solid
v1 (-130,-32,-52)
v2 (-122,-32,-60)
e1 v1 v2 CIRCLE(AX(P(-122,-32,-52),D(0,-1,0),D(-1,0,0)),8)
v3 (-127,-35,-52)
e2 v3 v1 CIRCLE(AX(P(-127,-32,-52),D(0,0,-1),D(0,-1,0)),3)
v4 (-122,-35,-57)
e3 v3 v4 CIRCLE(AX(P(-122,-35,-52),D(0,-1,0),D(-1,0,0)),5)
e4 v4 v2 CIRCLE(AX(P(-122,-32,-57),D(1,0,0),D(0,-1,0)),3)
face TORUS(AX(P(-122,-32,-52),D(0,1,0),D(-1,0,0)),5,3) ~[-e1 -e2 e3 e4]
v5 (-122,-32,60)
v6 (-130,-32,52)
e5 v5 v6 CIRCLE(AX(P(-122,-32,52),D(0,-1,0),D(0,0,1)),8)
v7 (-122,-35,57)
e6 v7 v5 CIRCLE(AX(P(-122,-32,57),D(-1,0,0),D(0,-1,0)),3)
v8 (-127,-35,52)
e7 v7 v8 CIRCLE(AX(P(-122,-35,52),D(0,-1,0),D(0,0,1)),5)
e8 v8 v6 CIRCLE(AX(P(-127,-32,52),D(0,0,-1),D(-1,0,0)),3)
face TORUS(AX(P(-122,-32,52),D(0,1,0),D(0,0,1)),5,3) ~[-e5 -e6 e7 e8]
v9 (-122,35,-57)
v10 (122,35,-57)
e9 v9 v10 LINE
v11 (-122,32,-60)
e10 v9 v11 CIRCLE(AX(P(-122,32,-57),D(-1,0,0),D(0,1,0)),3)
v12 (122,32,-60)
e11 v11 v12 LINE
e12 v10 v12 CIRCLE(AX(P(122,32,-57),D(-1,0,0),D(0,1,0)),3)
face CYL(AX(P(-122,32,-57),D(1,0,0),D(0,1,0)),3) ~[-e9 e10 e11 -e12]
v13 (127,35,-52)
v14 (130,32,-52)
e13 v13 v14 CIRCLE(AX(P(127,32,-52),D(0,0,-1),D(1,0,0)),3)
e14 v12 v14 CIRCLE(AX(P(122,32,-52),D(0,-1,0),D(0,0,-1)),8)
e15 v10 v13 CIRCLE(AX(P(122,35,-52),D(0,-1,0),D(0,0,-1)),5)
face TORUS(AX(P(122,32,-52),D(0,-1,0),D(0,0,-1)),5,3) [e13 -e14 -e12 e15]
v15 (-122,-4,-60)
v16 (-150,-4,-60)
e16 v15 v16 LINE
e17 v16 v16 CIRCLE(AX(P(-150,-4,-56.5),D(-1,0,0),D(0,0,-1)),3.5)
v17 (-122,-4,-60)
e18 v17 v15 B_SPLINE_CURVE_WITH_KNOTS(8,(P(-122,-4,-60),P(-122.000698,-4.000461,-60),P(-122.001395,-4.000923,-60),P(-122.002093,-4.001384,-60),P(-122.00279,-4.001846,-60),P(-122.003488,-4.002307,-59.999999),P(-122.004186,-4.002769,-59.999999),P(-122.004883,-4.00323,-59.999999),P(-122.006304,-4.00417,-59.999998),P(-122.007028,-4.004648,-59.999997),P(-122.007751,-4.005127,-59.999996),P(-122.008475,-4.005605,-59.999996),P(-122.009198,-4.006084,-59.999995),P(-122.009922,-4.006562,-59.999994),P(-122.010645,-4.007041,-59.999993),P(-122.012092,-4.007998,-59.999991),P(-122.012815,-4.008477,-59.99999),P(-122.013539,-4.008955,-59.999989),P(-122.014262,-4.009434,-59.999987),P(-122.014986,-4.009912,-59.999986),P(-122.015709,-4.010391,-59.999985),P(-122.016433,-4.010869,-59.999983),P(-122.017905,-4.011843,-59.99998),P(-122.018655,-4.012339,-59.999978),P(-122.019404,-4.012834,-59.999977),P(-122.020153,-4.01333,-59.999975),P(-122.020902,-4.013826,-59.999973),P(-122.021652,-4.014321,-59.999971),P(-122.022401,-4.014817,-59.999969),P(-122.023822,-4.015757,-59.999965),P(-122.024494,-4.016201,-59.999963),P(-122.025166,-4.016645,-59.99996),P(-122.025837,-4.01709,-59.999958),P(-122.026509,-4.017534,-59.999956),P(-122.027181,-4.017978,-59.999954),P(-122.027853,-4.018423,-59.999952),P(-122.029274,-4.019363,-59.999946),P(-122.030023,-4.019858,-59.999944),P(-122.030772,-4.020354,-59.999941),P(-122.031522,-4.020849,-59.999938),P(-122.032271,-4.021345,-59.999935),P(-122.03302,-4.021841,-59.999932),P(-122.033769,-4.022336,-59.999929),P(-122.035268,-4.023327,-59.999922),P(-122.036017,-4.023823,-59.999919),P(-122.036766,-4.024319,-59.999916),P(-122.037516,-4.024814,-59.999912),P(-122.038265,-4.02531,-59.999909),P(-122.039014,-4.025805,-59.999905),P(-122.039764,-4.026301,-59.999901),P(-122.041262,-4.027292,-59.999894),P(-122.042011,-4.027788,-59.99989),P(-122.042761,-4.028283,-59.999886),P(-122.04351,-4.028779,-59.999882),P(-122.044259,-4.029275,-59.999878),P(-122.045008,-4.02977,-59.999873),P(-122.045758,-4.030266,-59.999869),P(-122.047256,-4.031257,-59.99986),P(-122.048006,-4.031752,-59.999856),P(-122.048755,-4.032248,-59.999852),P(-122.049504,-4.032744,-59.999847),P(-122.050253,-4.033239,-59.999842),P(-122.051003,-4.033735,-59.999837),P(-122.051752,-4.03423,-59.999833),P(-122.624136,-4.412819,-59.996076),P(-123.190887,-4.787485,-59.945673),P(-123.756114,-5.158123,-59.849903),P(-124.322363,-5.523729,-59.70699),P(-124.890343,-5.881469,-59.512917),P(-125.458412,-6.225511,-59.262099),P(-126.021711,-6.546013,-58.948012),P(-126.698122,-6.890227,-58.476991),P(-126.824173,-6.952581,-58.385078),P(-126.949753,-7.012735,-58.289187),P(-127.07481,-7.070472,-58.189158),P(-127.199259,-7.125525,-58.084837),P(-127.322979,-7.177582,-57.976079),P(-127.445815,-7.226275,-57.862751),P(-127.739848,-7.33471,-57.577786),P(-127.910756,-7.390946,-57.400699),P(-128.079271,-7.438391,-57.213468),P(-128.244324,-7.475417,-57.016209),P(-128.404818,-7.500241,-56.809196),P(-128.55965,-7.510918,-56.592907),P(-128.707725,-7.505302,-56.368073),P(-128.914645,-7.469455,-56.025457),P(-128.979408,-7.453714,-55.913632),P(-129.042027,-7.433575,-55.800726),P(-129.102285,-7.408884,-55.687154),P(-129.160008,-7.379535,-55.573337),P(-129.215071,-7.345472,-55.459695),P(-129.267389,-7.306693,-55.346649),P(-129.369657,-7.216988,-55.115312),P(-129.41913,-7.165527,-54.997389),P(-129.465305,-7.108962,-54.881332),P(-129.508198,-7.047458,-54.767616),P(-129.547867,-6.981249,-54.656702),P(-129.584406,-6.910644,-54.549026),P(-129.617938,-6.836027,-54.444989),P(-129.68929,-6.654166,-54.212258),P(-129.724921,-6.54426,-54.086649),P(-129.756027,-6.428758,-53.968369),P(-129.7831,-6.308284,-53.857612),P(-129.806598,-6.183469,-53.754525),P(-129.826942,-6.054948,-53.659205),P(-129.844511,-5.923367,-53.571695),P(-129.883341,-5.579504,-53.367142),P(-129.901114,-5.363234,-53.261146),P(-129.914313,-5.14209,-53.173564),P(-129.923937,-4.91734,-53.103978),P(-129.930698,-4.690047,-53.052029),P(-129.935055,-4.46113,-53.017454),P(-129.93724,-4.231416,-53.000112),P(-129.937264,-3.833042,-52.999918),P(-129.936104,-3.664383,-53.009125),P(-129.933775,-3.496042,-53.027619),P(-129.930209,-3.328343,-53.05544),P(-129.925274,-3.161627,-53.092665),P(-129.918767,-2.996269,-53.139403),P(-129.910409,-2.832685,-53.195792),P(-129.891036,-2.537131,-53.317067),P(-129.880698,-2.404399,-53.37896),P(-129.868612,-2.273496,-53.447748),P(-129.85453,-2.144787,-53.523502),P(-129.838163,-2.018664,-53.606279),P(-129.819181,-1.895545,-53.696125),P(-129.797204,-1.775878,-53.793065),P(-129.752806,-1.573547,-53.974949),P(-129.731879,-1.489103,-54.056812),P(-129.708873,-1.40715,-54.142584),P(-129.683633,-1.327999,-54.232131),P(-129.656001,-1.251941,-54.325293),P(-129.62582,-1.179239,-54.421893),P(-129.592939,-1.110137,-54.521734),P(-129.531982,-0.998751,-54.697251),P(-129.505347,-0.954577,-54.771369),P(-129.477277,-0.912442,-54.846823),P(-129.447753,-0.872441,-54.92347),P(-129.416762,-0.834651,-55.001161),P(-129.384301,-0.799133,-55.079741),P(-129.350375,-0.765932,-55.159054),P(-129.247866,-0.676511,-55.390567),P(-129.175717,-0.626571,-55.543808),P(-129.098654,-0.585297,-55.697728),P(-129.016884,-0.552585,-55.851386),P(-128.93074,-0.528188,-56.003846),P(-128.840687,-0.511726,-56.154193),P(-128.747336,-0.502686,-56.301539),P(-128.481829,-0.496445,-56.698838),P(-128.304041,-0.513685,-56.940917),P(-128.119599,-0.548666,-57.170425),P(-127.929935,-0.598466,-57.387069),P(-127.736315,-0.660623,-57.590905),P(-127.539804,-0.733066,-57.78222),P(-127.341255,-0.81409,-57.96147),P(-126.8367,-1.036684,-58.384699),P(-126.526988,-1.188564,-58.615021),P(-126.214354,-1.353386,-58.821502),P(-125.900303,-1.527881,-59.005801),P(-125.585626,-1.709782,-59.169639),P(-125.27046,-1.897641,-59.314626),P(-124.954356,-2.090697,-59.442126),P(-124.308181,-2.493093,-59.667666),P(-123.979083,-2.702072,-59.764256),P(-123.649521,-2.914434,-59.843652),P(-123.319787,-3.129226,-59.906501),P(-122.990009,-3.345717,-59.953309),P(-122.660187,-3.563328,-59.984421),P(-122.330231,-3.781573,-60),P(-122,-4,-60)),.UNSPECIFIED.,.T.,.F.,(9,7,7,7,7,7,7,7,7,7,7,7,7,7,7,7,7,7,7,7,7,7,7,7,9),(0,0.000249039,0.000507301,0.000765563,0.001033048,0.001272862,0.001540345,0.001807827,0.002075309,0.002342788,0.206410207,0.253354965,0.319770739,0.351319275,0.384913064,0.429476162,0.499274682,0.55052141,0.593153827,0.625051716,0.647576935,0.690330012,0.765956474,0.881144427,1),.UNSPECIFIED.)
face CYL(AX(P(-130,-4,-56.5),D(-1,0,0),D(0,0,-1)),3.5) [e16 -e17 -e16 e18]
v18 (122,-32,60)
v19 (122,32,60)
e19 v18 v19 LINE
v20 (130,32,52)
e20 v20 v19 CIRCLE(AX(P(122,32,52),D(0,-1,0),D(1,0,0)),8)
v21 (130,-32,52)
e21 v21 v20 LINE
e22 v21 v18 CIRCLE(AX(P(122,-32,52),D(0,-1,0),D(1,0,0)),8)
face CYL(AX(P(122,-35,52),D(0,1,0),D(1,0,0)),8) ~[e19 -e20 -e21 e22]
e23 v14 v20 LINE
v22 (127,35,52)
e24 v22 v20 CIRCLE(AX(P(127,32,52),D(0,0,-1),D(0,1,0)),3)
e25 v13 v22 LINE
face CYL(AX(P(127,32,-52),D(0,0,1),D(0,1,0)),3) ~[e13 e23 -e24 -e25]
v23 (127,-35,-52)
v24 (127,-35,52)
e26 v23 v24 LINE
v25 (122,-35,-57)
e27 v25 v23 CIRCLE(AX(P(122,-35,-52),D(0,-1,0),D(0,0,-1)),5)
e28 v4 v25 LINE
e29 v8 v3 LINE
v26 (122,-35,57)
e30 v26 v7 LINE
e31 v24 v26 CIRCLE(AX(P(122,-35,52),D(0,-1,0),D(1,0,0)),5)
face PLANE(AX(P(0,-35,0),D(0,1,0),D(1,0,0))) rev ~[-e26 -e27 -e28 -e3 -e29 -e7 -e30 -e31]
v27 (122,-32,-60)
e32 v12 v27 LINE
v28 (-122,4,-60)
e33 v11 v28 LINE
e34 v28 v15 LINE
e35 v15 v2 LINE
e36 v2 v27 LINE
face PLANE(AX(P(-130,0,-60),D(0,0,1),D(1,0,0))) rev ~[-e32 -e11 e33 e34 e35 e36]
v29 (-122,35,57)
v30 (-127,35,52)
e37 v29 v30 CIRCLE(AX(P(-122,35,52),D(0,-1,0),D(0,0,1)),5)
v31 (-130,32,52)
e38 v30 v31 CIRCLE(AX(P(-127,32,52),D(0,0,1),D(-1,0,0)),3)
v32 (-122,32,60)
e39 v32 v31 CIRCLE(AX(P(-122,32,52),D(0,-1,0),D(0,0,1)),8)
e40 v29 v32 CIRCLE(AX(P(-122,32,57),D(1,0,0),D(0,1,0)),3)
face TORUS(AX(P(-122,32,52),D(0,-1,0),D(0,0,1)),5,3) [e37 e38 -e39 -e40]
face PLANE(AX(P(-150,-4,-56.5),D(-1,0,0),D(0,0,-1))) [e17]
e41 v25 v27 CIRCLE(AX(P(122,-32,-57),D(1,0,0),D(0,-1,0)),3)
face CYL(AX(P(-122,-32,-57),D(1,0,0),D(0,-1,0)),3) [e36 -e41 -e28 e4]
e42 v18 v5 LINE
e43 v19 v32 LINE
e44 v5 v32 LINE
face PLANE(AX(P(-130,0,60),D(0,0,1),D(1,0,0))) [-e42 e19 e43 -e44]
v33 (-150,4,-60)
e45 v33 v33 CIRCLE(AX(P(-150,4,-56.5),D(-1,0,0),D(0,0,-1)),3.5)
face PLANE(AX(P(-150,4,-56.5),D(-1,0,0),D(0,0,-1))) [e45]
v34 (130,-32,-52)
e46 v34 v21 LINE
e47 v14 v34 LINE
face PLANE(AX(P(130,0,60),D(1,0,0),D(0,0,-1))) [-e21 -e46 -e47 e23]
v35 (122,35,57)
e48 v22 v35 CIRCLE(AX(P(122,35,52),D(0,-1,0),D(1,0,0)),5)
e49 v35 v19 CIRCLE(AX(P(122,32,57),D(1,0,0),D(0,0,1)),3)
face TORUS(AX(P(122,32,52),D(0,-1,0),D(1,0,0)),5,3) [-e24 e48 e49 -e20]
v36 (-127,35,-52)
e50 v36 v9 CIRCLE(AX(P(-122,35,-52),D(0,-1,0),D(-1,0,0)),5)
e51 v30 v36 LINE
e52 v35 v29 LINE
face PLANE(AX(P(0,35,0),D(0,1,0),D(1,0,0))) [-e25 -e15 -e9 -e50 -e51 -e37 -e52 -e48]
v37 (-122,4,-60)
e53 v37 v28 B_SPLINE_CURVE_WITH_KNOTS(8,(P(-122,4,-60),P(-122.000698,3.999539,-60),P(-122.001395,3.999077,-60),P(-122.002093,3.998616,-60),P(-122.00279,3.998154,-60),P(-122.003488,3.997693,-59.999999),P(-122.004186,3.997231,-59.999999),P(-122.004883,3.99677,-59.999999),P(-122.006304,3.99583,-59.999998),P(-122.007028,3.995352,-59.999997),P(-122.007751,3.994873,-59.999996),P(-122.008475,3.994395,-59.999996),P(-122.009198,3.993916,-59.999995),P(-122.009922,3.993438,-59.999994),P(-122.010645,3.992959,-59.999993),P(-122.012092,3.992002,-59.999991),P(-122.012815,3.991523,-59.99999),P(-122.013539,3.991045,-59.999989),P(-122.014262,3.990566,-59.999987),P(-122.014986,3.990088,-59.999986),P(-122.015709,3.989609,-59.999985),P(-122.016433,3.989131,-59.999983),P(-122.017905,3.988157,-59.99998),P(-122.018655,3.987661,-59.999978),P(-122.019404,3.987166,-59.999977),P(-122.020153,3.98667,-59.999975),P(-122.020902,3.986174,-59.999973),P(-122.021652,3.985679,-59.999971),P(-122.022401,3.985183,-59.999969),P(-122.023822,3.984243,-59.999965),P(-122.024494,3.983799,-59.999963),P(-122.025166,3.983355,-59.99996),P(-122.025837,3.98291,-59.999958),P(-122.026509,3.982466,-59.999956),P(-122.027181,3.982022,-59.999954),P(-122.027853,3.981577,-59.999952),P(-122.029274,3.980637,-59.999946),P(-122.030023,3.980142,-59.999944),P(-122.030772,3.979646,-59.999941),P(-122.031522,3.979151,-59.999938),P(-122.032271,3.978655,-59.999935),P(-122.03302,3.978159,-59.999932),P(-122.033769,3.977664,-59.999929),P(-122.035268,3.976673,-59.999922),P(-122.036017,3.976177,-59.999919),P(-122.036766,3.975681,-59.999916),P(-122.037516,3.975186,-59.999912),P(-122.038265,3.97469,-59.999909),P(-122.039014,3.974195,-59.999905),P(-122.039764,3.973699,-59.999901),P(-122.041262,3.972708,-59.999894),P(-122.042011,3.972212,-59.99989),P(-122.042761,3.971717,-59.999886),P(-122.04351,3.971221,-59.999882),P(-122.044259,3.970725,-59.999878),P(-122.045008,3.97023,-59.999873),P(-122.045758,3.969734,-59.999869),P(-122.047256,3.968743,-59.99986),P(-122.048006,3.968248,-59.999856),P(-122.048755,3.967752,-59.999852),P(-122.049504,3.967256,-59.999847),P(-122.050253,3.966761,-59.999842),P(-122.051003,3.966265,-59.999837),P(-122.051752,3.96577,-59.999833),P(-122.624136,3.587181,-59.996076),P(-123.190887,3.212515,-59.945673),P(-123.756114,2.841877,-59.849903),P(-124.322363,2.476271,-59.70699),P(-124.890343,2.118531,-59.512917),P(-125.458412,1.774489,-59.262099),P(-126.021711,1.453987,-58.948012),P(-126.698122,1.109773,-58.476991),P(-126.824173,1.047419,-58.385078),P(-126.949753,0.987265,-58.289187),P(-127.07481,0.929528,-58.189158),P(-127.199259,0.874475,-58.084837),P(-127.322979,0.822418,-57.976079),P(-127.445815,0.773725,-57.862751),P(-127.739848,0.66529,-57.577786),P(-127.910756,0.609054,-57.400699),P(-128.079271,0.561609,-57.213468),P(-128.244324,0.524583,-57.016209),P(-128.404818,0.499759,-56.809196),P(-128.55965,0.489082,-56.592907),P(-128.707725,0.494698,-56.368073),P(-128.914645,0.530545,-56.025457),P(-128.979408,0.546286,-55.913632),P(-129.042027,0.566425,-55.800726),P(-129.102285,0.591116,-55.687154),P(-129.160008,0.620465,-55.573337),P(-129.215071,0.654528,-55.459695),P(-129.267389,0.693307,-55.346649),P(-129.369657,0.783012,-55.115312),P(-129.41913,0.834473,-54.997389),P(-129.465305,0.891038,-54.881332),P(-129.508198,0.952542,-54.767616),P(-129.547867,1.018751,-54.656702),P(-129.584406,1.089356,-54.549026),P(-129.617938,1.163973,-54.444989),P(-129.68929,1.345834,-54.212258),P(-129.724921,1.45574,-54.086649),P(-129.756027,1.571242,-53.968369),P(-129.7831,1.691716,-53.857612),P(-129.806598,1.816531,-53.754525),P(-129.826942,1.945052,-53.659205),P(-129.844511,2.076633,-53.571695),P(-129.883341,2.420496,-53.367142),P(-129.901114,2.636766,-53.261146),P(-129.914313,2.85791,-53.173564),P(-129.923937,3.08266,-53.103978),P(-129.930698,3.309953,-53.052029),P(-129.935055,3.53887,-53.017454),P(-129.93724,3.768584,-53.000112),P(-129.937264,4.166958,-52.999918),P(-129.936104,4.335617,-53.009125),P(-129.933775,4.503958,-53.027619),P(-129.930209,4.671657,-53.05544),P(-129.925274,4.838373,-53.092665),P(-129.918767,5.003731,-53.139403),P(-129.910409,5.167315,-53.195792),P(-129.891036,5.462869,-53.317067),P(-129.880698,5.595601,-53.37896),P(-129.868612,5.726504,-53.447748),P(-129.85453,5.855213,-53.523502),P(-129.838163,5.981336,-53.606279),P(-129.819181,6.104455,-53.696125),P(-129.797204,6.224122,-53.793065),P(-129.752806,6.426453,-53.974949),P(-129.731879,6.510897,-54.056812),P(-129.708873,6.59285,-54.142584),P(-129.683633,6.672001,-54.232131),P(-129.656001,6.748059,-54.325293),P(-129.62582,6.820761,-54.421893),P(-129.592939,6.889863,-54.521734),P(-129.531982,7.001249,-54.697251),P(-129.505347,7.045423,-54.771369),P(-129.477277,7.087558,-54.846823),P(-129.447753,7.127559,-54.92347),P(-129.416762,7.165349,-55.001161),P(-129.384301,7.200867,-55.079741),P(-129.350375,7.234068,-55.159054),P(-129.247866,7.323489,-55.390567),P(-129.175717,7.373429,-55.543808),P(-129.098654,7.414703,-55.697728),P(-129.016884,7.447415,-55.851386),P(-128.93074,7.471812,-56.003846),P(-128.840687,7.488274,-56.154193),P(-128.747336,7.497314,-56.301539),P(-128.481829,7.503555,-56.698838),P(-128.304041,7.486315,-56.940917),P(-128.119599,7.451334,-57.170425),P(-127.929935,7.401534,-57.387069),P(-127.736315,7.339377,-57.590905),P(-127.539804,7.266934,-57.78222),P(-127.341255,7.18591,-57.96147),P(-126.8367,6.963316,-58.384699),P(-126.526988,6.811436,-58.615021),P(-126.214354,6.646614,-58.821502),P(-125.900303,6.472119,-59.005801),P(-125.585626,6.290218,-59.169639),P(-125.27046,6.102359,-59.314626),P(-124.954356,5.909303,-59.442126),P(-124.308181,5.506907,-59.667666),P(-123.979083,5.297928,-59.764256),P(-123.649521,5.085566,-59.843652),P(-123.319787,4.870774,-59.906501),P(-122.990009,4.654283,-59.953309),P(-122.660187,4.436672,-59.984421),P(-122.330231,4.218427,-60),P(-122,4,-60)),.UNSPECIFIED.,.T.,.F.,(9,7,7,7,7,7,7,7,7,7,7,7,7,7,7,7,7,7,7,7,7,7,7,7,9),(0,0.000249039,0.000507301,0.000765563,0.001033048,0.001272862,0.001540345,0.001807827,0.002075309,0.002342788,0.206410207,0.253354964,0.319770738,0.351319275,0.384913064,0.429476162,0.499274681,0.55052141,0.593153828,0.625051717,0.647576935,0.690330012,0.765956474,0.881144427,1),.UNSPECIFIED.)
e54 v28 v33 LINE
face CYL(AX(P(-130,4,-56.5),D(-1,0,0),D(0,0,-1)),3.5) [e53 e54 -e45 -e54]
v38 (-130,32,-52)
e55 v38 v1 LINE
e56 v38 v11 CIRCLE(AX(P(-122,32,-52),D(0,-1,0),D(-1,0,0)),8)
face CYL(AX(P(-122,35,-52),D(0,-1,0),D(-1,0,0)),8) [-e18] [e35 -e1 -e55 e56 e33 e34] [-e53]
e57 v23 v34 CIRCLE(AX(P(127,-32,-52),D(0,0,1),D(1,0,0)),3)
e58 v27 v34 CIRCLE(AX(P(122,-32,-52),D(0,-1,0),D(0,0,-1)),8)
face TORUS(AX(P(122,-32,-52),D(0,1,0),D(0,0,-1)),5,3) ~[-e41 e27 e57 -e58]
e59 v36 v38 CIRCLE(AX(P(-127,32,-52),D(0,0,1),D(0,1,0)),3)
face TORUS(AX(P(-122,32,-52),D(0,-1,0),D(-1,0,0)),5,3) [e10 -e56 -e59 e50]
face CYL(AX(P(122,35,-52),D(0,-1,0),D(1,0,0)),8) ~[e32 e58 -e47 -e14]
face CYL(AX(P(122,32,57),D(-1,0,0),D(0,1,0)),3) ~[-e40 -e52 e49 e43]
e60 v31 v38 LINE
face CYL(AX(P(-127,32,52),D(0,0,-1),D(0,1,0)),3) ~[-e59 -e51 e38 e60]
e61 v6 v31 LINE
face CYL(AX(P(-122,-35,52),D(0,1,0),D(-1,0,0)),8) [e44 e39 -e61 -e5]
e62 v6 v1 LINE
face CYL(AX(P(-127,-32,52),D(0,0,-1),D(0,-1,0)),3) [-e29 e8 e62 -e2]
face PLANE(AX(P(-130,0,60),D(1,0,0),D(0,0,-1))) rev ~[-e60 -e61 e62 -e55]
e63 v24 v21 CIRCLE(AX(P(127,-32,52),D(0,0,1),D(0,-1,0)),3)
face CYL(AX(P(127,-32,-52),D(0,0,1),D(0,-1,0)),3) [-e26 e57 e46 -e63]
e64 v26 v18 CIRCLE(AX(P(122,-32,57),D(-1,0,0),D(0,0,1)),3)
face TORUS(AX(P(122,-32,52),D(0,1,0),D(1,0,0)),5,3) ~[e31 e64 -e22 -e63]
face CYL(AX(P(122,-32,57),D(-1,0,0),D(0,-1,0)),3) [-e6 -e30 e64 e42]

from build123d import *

# Parameters (mm, degrees)
SKETCH_1_W      = 260
SKETCH_1_H      = 120
EXTRUDE_1_DEPTH = 35
FILLET_1_R      = 8
FILLET_2_R      = 3
SKETCH_2_R      = 3.5
EXTRUDE_2_DEPTH = 20


with BuildPart() as part:
    # 草图1 → 凸台-拉伸1 (new, symmetric)
    with BuildSketch(Plane(origin=(0, 0, 0), x_dir=(1, 0, 0), z_dir=(0, 1, 0))):
        Rectangle(SKETCH_1_W, SKETCH_1_H)
    extrude(amount=EXTRUDE_1_DEPTH, both=True)

    # 圆角1
    fillet_1_edges = [part.edges().sort_by_distance(p)[0] for p in [
        (-130, 0, -60),
        (130, 0, -60),
        (130, 0, 60),
        (-130, 0, 60),
    ]]
    fillet(fillet_1_edges, radius=FILLET_1_R)

    # 圆角2
    fillet_2_edges = [part.edges().sort_by_distance(p)[0] for p in [
        (0, -35, -60),
        (0, 35, -60),
        (-130, -35, 0),
        (130, -35, 0),
        (0, -35, 60),
        (-127.656854249, -35, -57.656854249),
        (-127.656854249, -35, 57.656854249),
        (127.656854249, -35, 57.656854249),
        (127.656854249, -35, -57.656854249),
        (130, 35, 0),
        (-130, 35, 0),
        (0, 35, 60),
        (-127.656854249, 35, -57.656854249),
        (-127.656854249, 35, 57.656854249),
        (127.656854249, 35, 57.656854249),
        (127.656854249, 35, -57.656854249),
    ]]
    fillet(fillet_2_edges, radius=FILLET_2_R)

    # 草图2 → 凸台-拉伸2 (add, symmetric)
    with BuildSketch(Plane.ZY.offset(130)):
        with Locations(Location((-56.5, 4, 0), (0, 0, 180))):
            Circle(SKETCH_2_R)
        with Locations(Location((-56.5, -4, 0), (0, 0, 180))):
            Circle(SKETCH_2_R)
    extrude(amount=EXTRUDE_2_DEPTH, both=True)


solid = part.part
